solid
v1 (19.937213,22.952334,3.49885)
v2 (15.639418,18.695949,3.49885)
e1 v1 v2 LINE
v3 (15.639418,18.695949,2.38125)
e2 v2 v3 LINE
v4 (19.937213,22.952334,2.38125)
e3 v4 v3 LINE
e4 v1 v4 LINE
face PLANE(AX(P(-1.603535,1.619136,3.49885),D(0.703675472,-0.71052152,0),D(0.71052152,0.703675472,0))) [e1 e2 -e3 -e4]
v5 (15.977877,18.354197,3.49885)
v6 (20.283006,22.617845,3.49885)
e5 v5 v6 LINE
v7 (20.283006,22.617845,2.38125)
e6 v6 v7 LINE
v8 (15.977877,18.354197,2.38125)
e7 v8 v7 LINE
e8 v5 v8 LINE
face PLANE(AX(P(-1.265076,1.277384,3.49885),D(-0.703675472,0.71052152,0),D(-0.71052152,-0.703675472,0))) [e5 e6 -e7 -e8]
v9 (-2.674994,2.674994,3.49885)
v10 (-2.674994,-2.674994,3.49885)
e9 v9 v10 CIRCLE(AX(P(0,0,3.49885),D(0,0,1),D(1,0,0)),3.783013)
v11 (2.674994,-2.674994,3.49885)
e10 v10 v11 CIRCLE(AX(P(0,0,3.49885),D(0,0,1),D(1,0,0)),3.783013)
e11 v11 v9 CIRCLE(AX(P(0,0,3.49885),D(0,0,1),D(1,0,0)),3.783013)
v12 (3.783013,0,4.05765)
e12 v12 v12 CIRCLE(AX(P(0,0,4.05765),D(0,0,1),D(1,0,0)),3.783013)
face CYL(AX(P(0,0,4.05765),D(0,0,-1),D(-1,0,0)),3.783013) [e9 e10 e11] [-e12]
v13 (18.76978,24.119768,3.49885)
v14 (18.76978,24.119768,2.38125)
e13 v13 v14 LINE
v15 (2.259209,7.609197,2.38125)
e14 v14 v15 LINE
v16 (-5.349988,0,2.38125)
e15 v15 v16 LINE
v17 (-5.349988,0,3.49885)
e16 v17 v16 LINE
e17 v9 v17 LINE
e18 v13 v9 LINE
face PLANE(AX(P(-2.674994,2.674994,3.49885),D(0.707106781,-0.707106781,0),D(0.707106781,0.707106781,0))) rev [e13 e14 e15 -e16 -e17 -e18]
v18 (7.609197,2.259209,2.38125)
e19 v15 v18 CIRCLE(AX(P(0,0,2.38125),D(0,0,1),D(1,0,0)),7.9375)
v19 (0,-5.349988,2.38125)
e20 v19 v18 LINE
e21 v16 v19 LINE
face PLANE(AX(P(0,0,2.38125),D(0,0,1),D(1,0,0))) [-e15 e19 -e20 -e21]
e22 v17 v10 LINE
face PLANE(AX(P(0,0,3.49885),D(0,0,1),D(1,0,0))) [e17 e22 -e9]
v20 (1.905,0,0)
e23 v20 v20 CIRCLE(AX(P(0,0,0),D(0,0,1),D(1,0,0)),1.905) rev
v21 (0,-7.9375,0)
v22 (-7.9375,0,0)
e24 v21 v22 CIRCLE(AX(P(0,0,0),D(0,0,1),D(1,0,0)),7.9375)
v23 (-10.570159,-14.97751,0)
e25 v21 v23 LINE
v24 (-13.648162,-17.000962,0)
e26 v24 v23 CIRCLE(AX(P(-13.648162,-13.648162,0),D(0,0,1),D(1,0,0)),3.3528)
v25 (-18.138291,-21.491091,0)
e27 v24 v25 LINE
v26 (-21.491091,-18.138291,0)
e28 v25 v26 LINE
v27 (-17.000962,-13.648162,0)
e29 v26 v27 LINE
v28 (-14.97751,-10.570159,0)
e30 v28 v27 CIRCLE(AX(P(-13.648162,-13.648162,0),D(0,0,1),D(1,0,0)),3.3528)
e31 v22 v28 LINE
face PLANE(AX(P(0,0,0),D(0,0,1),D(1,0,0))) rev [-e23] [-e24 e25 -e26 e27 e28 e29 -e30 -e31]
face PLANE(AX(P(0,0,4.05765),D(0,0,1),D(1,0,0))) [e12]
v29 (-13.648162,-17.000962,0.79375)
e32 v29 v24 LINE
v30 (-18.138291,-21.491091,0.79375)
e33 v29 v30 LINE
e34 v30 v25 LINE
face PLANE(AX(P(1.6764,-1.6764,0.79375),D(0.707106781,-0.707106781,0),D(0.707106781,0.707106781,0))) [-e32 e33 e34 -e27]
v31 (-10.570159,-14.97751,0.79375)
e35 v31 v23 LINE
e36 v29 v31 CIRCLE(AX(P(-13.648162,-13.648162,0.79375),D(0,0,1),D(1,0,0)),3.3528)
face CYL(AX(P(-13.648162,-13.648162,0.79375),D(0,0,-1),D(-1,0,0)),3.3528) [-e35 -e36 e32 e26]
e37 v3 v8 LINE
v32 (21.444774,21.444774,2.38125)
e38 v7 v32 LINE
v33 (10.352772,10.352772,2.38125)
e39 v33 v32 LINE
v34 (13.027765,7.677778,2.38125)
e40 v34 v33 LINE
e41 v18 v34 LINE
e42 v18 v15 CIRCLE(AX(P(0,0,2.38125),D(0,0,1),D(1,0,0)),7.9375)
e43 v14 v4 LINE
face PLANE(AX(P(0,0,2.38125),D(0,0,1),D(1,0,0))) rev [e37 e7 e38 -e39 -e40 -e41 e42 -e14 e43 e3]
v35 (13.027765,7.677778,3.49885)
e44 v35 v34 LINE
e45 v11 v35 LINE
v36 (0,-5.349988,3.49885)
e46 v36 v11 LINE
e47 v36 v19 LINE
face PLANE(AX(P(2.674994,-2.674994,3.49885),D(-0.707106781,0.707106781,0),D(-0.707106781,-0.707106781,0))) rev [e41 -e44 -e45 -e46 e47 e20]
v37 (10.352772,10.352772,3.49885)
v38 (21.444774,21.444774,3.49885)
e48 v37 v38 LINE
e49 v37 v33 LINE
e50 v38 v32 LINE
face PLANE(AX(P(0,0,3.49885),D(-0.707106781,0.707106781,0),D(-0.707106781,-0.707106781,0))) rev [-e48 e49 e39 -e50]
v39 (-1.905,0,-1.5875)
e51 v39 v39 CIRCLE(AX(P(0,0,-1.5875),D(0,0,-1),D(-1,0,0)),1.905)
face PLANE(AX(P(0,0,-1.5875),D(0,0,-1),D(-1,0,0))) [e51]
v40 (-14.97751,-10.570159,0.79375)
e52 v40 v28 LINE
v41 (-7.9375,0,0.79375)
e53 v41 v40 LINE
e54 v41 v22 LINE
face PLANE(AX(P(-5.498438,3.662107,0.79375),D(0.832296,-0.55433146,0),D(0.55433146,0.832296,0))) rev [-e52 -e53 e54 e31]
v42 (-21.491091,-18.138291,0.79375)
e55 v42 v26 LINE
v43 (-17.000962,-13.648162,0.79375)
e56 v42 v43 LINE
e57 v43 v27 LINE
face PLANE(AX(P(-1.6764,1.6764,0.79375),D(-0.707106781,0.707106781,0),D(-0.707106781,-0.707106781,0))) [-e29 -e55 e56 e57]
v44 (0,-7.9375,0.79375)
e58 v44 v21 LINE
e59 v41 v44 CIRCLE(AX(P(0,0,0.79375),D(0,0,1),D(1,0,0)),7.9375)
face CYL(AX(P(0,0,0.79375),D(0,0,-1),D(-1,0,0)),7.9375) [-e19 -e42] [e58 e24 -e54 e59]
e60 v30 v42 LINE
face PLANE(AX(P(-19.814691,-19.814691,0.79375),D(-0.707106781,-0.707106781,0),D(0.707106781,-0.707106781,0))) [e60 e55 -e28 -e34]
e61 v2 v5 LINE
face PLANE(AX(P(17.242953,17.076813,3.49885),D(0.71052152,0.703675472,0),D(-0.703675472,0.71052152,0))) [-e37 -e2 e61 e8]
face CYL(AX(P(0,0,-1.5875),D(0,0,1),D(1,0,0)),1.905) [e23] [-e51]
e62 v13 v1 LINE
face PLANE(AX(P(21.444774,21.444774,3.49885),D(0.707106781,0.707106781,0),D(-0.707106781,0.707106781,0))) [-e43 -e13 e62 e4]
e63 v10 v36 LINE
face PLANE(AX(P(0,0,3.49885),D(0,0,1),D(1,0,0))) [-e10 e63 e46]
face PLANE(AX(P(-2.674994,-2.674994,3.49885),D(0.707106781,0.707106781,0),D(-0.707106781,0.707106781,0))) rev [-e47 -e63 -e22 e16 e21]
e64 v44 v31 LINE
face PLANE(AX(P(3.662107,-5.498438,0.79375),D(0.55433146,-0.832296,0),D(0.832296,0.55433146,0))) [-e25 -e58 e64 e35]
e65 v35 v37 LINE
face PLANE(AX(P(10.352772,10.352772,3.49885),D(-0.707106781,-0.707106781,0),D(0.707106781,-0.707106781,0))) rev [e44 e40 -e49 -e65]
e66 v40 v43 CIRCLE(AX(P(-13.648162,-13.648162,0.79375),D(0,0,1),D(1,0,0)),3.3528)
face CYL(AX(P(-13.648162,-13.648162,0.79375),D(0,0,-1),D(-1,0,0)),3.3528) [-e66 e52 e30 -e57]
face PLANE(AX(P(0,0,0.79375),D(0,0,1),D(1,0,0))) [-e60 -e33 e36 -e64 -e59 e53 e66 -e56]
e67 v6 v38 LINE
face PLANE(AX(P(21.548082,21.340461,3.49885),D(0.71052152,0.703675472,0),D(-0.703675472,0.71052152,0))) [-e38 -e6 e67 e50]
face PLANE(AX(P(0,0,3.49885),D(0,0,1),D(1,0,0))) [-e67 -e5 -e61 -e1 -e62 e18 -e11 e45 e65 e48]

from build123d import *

# Parameters (mm, degrees)
BOSS_EXTRUDE1_DEPTH = 0.79375
SKETCH3_R           = 7.9375
BOSS_EXTRUDE2_DEPTH = 1.5875
BOSS_EXTRUDE3_DEPTH = 1.1176
SKETCH5_R           = 3.7830125
BOSS_EXTRUDE4_DEPTH = 0.5588
SKETCH7_R           = 1.905
BOSS_EXTRUDE5_DEPTH = 1.5875


with BuildPart() as part:
    # Sketch2 → Boss-Extrude1 (new body)
    with BuildSketch(Plane.XY):
        with BuildLine():
            Line((-10.570159202, -14.977509548), (0, -7.9375))
            ThreePointArc((0, -7.9375), (5.612660076, 5.612660076), (-7.9375, 0))
            Line((-7.9375, 0), (-14.977509548, -10.570159202))
            ThreePointArc((-14.977509548, -10.570159202), (-16.449796179, -11.80639255), (-17.00096249, -13.64816249))
            Line((-17.00096249, -13.64816249), (-21.49109055, -18.13829055))
            Line((-21.49109055, -18.13829055), (-18.13829055, -21.49109055))
            Line((-18.13829055, -21.49109055), (-13.64816249, -17.00096249))
            ThreePointArc((-13.64816249, -17.00096249), (-11.80639255, -16.449796179), (-10.570159202, -14.977509548))
        make_face()
    extrude(amount=BOSS_EXTRUDE1_DEPTH)

    # Sketch3 → Boss-Extrude2 (add)
    with BuildSketch(Plane.XY.offset(0.79375)):
        with Locations(Location((0, 0, 0), (0, 0, 180))):
            Circle(SKETCH3_R)
    extrude(amount=BOSS_EXTRUDE2_DEPTH)

    # Sketch4 → Boss-Extrude3 (add)
    with BuildSketch(Plane.XY.offset(2.38125)):
        Polygon((-5.349987584, 0), (0, -5.349987584), (13.027765396, 7.677777811), (10.352771604, 10.352771604), (21.444773795, 21.444773795), (20.283005592, 22.617844825), (15.977877039, 18.354197239), (15.63941792, 18.695949223), (19.937213299, 22.952334291), (18.769780003, 24.119767587), align=None)
    extrude(amount=BOSS_EXTRUDE3_DEPTH)

    # Sketch5 → Boss-Extrude4 (add)
    with BuildSketch(Plane.XY.offset(3.49885)):
        with Locations(Location((0, 0, 0), (0, 0, 225))):
            Circle(SKETCH5_R)
    extrude(amount=BOSS_EXTRUDE4_DEPTH)

    # Sketch7 → Boss-Extrude5 (add)
    with BuildSketch(Plane(origin=(0, 0, 0), x_dir=(-1, 0, 0), z_dir=(0, 0, -1))):
        with Locations(Location((0, 0, 0), (0, 0, 180))):
            Circle(SKETCH7_R)
    extrude(amount=BOSS_EXTRUDE5_DEPTH)


solid = part.part
